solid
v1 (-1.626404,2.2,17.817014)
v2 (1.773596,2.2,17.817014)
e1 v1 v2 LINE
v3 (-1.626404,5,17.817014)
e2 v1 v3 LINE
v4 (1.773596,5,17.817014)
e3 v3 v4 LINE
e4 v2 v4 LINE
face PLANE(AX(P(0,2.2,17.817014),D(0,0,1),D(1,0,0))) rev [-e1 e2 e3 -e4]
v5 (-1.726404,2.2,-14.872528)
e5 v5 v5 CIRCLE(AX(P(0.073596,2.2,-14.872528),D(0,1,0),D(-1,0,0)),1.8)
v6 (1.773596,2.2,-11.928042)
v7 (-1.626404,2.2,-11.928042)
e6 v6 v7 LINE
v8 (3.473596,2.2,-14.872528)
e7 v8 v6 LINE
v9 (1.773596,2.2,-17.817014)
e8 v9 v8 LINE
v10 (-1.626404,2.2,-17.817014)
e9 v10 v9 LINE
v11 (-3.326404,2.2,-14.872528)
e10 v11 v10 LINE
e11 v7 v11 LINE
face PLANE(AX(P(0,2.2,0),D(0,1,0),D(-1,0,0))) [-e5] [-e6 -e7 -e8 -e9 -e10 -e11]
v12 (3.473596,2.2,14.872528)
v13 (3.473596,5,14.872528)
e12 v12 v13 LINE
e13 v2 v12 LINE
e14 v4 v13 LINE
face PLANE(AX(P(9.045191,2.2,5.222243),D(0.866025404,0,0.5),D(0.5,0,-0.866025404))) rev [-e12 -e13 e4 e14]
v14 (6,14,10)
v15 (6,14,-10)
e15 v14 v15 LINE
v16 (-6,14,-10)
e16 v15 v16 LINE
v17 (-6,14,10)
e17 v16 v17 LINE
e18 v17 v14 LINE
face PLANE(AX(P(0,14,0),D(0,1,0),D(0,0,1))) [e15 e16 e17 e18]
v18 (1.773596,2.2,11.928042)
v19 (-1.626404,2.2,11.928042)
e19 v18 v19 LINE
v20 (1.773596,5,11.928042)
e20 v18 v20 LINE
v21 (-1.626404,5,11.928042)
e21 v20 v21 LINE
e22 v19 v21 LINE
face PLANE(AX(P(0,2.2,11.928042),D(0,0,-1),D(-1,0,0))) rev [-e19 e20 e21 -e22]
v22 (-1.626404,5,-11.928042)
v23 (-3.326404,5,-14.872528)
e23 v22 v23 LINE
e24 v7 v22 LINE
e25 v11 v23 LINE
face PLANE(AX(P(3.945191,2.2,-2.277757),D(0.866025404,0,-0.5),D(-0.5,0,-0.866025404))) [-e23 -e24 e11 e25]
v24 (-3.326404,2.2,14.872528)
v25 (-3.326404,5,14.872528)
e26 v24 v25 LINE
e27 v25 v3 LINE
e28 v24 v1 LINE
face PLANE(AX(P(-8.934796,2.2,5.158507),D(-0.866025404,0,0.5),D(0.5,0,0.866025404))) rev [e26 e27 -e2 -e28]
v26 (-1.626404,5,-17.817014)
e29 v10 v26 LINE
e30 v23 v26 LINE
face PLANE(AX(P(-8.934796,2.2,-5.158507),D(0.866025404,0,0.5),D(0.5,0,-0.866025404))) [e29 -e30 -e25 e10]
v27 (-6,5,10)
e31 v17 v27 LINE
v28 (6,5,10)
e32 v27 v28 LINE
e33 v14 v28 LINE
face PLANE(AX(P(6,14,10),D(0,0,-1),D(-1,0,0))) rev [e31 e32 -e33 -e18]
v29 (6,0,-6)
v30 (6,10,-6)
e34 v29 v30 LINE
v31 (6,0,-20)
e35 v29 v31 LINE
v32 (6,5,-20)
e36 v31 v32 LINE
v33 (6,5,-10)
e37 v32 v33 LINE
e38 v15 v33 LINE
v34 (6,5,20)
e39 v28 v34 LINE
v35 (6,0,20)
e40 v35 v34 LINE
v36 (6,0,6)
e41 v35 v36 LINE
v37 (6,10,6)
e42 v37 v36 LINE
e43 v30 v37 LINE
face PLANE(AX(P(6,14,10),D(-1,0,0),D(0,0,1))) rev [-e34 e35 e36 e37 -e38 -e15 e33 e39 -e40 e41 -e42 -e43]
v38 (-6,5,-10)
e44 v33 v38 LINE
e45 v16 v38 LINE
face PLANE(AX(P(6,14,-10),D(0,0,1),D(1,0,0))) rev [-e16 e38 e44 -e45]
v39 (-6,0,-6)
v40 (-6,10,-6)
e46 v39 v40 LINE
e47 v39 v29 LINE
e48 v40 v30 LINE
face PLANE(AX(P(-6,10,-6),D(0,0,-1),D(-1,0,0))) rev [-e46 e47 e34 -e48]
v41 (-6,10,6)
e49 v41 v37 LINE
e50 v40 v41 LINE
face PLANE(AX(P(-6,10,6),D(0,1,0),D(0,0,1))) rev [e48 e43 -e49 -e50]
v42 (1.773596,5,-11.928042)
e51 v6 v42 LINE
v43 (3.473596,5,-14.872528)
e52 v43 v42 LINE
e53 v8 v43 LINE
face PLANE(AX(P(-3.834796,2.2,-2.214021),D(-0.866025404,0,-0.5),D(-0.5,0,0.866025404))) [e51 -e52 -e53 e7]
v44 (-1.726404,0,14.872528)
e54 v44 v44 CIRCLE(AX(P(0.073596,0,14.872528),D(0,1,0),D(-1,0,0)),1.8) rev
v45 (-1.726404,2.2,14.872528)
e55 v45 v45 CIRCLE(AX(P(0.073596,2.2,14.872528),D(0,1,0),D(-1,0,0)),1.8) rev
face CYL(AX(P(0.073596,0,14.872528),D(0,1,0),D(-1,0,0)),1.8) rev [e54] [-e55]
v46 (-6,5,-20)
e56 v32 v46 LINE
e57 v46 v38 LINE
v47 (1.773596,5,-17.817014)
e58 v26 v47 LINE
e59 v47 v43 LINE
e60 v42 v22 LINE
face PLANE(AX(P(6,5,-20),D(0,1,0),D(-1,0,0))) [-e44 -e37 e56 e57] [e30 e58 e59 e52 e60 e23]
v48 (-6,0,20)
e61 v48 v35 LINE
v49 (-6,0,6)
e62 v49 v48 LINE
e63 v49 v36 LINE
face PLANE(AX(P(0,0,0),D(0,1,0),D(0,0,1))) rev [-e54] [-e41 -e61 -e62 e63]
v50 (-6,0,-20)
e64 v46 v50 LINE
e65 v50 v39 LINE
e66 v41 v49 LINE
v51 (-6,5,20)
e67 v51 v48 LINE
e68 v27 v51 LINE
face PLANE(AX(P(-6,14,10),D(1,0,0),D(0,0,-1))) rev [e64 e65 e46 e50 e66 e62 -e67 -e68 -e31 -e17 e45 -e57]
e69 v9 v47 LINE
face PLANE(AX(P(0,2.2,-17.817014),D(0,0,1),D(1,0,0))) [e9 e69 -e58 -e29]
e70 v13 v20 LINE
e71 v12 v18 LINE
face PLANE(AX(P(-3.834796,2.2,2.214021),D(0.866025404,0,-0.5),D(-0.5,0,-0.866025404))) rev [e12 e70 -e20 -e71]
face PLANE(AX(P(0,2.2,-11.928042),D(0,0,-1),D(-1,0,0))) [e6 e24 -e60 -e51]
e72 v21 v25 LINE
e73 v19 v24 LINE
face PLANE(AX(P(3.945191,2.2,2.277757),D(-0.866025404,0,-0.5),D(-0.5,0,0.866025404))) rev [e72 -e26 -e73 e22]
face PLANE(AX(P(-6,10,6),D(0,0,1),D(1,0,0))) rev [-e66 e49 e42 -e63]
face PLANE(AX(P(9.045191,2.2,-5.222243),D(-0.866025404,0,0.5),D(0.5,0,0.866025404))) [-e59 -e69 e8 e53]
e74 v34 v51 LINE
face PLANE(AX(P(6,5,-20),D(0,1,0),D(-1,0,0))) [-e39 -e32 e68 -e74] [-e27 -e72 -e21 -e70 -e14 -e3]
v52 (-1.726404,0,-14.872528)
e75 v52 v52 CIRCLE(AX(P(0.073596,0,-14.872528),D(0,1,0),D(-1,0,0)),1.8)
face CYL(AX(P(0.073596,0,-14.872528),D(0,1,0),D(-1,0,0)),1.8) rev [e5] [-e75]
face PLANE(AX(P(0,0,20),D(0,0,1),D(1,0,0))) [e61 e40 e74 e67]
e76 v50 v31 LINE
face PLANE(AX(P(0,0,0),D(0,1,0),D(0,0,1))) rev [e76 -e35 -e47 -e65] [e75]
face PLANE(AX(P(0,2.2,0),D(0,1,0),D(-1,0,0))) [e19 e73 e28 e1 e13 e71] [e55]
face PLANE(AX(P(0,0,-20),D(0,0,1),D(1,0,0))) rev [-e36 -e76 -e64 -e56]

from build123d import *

# Parameters (mm, degrees)
ESBO_O1_W                     = 12
ESBO_O1_H                     = 20
RESSALTO_EXTRUS_O1_DEPTH      = 14
ESBO_O5_W                     = 12
ESBO_O5_H                     = 10
CORTE_EXTRUS_O1_DEPTH         = 12
RESSALTO_EXTRUS_O2_DEPTH      = 10
RESSALTO_EXTRUS_O2_DEPTH_BACK = 30
ESBO_O6_W                     = 12
ESBO_O6_H                     = 5
ESBO_O7_W                     = 12
ESBO_O7_H                     = 5
CORTE_EXTRUS_O2_DEPTH         = 12
ESBO_O8_R                     = 1.8
CORTE_EXTRUS_O3_DEPTH         = 5
ESBO_O8_3_R                   = 1.8
CORTE_EXTRUS_O4_DEPTH         = 5
ESBO_O8_4_R                   = 1.8
CORTE_EXTRUS_O5_DEPTH         = 2.8


with BuildPart() as part:
    # Esboço1 → Ressalto-extrusão1 (new body)
    with BuildSketch(Plane(origin=(0, 0, 0), x_dir=(1, 0, 0), z_dir=(0, 1, 0))):
        Rectangle(ESBO_O1_W, ESBO_O1_H)
    extrude(amount=RESSALTO_EXTRUS_O1_DEPTH)

    # Esboço5 → Corte-extrusão1 (cut)
    with BuildSketch(Plane(origin=(6, 0, 0), x_dir=(0, 0, -1), z_dir=(1, 0, 0))):
        with Locations((0, 5)):
            Rectangle(ESBO_O5_W, ESBO_O5_H)
    extrude(amount=-CORTE_EXTRUS_O1_DEPTH, mode=Mode.SUBTRACT)

    # Esboço6 → Ressalto-extrusão2 (add, two sides: drawn at the far end of the back side and taken through both)
    with BuildSketch(Plane.XY.offset(10).offset(-RESSALTO_EXTRUS_O2_DEPTH_BACK)):
        with Locations((0, 2.5)):
            Rectangle(ESBO_O6_W, ESBO_O6_H)
    extrude(amount=RESSALTO_EXTRUS_O2_DEPTH + RESSALTO_EXTRUS_O2_DEPTH_BACK)

    # Esboço7 → Corte-extrusão2 (cut)
    with BuildSketch(Plane(origin=(6, 0, 0), x_dir=(0, 0, -1), z_dir=(1, 0, 0))):
        with Locations((0, 2.5)):
            Rectangle(ESBO_O7_W, ESBO_O7_H)
    extrude(amount=-CORTE_EXTRUS_O2_DEPTH, mode=Mode.SUBTRACT)

    # Esboço8 → Corte-extrusão3 (cut)
    with BuildSketch(Plane(origin=(0, 5, 0), x_dir=(1, 0, 0), z_dir=(0, 1, 0))):
        with Locations((0.073596401, 14.872527995)):
            Circle(ESBO_O8_R)
    extrude(amount=-CORTE_EXTRUS_O3_DEPTH, mode=Mode.SUBTRACT)

    # Esboço8<3> → Corte-extrusão4 (cut)
    with BuildSketch(Plane(origin=(0, 5, 0), x_dir=(1, 0, 0), z_dir=(0, 1, 0))):
        with Locations((0.073596401, -14.872527995)):
            Circle(ESBO_O8_3_R)
    extrude(amount=-CORTE_EXTRUS_O4_DEPTH, mode=Mode.SUBTRACT)

    # Esboço8<4> → Corte-extrusão5 (cut)
    # profile 1 of 2: a face of its own
    with BuildSketch(Plane(origin=(0, 5, 0), x_dir=(1, 0, 0), z_dir=(0, 1, 0))):
        Polygon((-1.626403599, 11.928041622), (1.773596401, 11.928041622), (3.473596401, 14.872527995), (1.773596401, 17.817014367), (-1.626403599, 17.817014367), (-3.326403599, 14.872527995), align=None)
        with Locations((0.073596401, 14.872527995)):
            Circle(ESBO_O8_4_R, mode=Mode.SUBTRACT)
    # profile 2 of 2: a face of its own
    with BuildSketch(Plane(origin=(0, 5, 0), x_dir=(1, 0, 0), z_dir=(0, 1, 0))):
        Polygon((-3.326403599, -14.872527995), (-1.626403599, -17.817014367), (1.773596401, -17.817014367), (3.473596401, -14.872527995), (1.773596401, -11.928041622), (-1.626403599, -11.928041622), align=None)
        with Locations((0.073596401, -14.872527995)):
            Circle(ESBO_O8_4_R, mode=Mode.SUBTRACT)
    extrude(amount=-CORTE_EXTRUS_O5_DEPTH, mode=Mode.SUBTRACT)


solid = part.part
